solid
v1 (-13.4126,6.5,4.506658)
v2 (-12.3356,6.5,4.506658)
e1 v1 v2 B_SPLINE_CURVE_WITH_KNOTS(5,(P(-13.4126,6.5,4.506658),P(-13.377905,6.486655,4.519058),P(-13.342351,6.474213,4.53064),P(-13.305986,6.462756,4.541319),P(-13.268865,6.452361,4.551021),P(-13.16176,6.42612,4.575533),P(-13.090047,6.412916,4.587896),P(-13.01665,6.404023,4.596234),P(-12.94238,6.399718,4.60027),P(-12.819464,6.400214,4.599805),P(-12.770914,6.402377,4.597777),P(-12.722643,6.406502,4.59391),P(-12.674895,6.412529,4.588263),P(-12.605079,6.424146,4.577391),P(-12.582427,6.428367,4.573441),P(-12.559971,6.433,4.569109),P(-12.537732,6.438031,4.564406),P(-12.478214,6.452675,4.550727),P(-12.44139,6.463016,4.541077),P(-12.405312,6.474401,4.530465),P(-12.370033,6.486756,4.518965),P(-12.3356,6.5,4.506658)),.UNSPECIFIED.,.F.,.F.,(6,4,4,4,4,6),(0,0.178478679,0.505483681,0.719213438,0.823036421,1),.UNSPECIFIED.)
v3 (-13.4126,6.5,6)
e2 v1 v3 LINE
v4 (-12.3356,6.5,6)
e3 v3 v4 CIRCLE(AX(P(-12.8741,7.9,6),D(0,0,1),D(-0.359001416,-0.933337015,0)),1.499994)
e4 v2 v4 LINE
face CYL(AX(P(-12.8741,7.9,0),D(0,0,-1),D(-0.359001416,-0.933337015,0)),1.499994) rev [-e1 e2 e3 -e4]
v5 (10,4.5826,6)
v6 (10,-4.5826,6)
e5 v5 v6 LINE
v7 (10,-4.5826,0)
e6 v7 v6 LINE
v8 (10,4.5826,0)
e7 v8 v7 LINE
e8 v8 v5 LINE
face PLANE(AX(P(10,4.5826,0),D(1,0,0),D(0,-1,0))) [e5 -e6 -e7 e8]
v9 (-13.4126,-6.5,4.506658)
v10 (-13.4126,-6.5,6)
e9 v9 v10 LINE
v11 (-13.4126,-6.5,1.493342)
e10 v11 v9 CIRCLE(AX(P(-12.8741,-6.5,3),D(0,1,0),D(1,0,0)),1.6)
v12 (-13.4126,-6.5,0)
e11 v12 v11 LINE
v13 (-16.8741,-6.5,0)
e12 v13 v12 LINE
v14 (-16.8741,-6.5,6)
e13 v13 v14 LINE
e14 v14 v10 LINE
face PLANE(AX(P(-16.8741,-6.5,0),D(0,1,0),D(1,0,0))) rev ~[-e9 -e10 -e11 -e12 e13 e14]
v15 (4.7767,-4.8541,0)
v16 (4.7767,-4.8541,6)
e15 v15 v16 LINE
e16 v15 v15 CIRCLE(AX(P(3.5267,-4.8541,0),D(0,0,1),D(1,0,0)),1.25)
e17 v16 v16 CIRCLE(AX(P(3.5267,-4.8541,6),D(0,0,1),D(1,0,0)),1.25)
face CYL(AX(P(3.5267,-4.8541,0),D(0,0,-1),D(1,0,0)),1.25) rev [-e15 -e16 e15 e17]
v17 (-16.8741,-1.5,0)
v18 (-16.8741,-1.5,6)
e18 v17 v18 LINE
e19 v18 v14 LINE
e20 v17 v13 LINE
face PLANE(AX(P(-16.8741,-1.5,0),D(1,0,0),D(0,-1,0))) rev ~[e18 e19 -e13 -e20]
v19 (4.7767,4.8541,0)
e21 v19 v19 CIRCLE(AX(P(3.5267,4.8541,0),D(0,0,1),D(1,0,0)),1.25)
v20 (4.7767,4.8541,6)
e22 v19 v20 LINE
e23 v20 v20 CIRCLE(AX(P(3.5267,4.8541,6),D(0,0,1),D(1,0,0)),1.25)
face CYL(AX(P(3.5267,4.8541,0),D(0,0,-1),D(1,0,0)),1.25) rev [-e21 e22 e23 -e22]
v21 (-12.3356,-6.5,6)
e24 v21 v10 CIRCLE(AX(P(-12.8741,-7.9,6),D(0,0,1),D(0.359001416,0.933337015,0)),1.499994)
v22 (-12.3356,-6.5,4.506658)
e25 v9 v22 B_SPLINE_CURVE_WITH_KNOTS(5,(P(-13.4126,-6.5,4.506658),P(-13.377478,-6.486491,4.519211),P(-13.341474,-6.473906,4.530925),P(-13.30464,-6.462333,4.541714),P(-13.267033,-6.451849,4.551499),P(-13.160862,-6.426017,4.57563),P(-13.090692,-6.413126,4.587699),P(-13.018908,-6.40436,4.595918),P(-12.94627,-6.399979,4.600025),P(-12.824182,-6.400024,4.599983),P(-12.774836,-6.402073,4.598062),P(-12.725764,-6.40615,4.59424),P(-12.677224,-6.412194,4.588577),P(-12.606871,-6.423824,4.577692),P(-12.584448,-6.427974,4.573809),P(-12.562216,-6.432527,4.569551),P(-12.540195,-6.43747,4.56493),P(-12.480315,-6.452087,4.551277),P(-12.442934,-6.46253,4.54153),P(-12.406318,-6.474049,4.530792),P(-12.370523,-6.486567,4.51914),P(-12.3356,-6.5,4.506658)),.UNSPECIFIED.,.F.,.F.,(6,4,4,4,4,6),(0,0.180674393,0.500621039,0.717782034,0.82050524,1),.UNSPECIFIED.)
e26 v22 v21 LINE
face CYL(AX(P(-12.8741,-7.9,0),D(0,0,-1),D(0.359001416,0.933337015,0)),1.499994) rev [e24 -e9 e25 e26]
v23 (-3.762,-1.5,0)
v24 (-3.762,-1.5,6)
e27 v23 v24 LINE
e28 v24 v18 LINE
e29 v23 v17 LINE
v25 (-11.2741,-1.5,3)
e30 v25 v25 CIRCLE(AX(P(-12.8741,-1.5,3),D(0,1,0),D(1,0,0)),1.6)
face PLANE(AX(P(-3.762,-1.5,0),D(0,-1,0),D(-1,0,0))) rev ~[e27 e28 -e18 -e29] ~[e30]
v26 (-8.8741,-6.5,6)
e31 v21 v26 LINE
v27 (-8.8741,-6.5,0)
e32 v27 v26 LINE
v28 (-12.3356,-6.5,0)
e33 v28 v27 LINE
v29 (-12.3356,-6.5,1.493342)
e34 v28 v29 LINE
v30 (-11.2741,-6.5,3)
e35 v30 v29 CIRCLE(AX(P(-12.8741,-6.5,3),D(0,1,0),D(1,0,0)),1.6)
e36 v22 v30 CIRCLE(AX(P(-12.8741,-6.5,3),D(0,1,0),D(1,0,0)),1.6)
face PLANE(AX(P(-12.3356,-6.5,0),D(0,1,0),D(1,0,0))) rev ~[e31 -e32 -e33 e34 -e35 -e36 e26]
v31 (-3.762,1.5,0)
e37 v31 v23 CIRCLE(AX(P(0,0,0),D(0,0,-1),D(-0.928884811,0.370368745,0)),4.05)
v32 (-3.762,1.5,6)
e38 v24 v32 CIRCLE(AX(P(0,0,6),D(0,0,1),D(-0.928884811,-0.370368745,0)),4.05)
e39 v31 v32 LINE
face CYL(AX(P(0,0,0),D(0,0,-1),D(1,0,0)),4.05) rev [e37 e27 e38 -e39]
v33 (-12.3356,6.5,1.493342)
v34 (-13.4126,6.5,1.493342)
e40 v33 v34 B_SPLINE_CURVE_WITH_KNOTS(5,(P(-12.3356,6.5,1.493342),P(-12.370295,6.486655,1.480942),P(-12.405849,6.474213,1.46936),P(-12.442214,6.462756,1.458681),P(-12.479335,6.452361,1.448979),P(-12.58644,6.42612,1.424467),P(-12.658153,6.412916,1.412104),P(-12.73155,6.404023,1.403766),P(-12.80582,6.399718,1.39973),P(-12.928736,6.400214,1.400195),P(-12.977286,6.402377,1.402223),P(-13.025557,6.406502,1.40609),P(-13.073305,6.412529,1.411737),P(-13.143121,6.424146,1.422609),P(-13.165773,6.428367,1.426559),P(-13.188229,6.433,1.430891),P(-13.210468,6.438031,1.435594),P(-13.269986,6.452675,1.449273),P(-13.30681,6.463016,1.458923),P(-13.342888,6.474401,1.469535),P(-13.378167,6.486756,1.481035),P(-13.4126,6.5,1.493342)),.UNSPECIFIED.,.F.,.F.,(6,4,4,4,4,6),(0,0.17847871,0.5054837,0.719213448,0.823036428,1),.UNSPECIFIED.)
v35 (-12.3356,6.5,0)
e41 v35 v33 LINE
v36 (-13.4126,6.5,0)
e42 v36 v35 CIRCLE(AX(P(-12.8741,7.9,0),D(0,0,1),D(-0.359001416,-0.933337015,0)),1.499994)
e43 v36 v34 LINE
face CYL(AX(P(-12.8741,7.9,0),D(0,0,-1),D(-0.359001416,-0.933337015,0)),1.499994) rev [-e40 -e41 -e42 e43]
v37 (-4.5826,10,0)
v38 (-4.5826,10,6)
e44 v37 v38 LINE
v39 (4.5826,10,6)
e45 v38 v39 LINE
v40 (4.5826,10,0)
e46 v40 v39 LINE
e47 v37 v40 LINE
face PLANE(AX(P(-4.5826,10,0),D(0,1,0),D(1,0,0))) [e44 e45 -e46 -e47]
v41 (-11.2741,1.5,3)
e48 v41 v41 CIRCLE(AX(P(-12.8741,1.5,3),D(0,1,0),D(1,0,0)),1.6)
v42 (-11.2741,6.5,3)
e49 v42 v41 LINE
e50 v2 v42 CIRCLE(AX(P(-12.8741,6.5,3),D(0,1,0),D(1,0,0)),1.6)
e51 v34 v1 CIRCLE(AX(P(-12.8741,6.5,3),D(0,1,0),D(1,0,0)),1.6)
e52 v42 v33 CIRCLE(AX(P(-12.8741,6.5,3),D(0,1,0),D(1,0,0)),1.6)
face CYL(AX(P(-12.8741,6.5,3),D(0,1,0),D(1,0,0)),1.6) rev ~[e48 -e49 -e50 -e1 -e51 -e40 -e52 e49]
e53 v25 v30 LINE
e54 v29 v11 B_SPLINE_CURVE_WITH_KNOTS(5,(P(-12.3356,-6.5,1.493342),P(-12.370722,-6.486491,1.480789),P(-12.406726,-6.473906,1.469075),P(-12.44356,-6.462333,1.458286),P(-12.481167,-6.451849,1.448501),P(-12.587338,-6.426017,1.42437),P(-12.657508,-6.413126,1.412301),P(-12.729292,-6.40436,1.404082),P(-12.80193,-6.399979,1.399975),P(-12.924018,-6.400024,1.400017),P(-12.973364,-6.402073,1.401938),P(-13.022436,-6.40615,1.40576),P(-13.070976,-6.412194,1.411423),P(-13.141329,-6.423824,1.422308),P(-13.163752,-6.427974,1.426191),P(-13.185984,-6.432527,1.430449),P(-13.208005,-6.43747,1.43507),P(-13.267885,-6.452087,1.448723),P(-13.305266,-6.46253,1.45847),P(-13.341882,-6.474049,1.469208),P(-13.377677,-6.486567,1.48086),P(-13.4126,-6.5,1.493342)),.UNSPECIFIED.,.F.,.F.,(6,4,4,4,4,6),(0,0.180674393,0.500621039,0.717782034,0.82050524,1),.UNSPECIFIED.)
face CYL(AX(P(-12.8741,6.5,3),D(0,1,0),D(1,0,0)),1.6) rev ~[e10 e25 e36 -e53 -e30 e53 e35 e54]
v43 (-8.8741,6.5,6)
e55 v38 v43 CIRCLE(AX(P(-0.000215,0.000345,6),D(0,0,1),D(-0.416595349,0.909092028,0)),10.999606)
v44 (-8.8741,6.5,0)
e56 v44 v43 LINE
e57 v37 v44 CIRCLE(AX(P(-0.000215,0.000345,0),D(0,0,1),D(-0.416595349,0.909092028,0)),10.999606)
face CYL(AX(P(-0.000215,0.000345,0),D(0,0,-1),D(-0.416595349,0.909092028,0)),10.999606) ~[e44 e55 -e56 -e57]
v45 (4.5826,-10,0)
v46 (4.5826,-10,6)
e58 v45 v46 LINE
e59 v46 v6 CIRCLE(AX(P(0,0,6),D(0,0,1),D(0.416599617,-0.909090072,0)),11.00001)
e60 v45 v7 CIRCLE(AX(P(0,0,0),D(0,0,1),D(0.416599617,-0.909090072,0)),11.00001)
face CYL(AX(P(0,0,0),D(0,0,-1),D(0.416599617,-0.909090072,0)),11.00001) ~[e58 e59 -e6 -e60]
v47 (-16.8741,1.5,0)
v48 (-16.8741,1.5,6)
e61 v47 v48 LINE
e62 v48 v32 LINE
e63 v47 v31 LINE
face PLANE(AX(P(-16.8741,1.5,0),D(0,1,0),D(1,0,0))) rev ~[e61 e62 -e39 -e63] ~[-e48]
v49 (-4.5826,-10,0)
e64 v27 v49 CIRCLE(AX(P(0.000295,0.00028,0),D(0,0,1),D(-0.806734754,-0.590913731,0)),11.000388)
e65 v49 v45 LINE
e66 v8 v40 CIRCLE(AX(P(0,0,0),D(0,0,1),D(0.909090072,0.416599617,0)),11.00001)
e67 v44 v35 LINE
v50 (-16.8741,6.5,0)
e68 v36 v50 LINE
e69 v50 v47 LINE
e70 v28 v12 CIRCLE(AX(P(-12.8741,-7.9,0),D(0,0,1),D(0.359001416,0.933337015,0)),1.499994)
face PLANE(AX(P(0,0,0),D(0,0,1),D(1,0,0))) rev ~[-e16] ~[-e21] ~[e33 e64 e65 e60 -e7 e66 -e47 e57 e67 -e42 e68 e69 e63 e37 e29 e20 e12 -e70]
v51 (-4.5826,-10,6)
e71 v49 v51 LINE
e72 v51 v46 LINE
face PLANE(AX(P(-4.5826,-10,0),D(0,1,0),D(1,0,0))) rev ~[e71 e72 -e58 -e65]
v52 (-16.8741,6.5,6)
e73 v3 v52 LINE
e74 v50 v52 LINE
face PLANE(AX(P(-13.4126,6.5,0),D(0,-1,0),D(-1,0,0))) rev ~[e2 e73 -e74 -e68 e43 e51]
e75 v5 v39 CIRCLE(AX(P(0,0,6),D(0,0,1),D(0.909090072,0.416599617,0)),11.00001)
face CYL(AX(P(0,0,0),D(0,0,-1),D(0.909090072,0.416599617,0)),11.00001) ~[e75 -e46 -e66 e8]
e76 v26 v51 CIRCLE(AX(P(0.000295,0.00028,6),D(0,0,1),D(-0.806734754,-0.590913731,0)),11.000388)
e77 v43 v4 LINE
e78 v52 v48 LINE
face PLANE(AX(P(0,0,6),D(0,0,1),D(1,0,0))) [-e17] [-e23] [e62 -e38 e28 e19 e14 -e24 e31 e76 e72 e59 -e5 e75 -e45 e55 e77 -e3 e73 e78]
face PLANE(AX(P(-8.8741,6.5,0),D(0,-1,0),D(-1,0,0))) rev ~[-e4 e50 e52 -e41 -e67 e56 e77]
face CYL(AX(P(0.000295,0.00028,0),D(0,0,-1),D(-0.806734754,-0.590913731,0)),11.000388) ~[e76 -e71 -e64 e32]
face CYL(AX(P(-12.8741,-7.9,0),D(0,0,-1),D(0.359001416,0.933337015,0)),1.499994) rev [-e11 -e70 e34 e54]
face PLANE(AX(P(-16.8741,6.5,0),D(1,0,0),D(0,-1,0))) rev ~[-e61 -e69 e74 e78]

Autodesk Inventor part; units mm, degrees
ref_plane "YZ Plane" through (0, 0, 0) normal (1, 0, 0) x (0, 1, 0)
ref_plane "XZ Plane" through (0, 0, 0) normal (0, 1, 0) x (-1, 0, 0)
ref_plane "XY Plane" through (0, 0, 0) normal (0, 0, 1) x (1, 0, 0)
sketch "スケッチ1" plane through (0, 0, 0) normal (0, 0, 1) x (1, 0, 0)
  circle A0 centre (3.5267, 4.8541) radius 1.25
  circle A1 centre (3.5267, -4.8541) radius 1.25
  line L0 (3.5267, 4.8541) -> (0, 0) construction
  line L1 (0, 0) -> (3.5267, -4.8541) construction
  line L2 (0, 0) -> (7.2054, 0) construction
  circle A2 centre (0, 0) radius 4.05
  arc A3 (-8.8741, 6.5) -> (-8.8741, -6.5) centre (0, 0) ccw construction
  line L3 (-8.8741, 6.5) -> (-12.3356, 6.5)
  line L4 (-16.8741, 6.5) -> (-16.8741, 1.5)
  line L5 (-16.8741, 1.5) -> (-3.762, 1.5)
  line L6 (-3.762, -1.5) -> (-16.8741, -1.5)
  line L7 (-16.8741, -1.5) -> (-16.8741, -6.5)
  line L8 (-16.8741, -6.5) -> (-13.4126, -6.5)
  line L9 (-4.5826, 10) -> (4.5826, 10)
  line L10 (-4.5826, -10) -> (4.5826, -10)
  line L11 (10, 4.5826) -> (10, -4.5826)
  circle A4 centre (0, 0) radius 10 construction
  arc A5 (-12.3356, 6.5) -> (-13.4126, 6.5) centre (-12.8741, 7.9) ccw construction
  arc A6 (-12.3356, -6.5) -> (-13.4126, -6.5) centre (-12.8741, -7.9) ccw
  arc A7 (-4.5826, 10) -> (-8.8741, 6.5) centre (0, 0) ccw
  arc A8 (4.5826, 10) -> (-4.5826, 10) centre (0, 0) ccw construction
  arc A9 (10, 4.5826) -> (4.5826, 10) centre (0, 0) ccw
  arc A10 (10, -4.5826) -> (10, 4.5826) centre (0, 0) ccw construction
  arc A11 (4.5826, -10) -> (10, -4.5826) centre (0, 0) ccw
  arc A12 (-4.5826, -10) -> (4.5826, -10) centre (0, 0) ccw construction
  arc A13 (-8.8741, -6.5) -> (-4.5826, -10) centre (0, 0) ccw
  arc A14 (-13.4126, 6.5) -> (-12.3356, 6.5) centre (-12.8741, 7.9) ccw
  line L12 (-13.4126, 6.5) -> (-16.8741, 6.5)
  line L13 (-12.3356, 6.5) -> (-13.4126, 6.5) construction
  arc A15 (-13.4126, -6.5) -> (-12.3356, -6.5) centre (-12.8741, -7.9) ccw construction
  line L14 (-13.4126, -6.5) -> (-12.3356, -6.5) construction
  line L15 (-12.3356, -6.5) -> (-8.8741, -6.5)
  dimension "d0" = 2.5
  dimension "d1" = 2.5
  dimension "d2" = 6
  dimension "d3" = 6
  dimension "d4" = 108
  dimension "d5" = 54
  dimension "d6" = 8.1
  dimension "d7" = 22
  dimension "d8" = 5
  dimension "d9" = 5
  dimension "d10" = 20
  dimension "d11" = 3
  dimension "d12" = 1.5
  dimension "d13" = 8
  dimension "d14" = 3
  dimension "d15" = 3
  dimension "d16" = 1.4
  dimension "d17" = 1.4
  dimension "d18" = 4
  dimension "d19" = 4
extrude "押し出し1" add sketch "スケッチ1" along normal blind 6 contours A2 L5 L4 L12 A14 L3 A7 L9 A9 L11 A11 L10 A13 L15 A6 L8 L7 L6
sketch "スケッチ2" plane through (-16.8741, 6.5, 0) normal (0, 1, 0) x (1, 0, 0)
  circle A0 centre (4, -3) radius 1.6
  line L0 (4.5385, 0) -> (3.4615, 0) projected
  point P0 (16.8741, 0)
  point P1 (4, 0)
  dimension "d22" = 3.2
  dimension "d23" = 3
extrude "押し出し2" cut sketch "スケッチ2" against normal through all
equation "\"d5\" = 0.5 * d4"
equation "\"d12\" = 0.5 * d11"
properties part number "ギア固定具1"
